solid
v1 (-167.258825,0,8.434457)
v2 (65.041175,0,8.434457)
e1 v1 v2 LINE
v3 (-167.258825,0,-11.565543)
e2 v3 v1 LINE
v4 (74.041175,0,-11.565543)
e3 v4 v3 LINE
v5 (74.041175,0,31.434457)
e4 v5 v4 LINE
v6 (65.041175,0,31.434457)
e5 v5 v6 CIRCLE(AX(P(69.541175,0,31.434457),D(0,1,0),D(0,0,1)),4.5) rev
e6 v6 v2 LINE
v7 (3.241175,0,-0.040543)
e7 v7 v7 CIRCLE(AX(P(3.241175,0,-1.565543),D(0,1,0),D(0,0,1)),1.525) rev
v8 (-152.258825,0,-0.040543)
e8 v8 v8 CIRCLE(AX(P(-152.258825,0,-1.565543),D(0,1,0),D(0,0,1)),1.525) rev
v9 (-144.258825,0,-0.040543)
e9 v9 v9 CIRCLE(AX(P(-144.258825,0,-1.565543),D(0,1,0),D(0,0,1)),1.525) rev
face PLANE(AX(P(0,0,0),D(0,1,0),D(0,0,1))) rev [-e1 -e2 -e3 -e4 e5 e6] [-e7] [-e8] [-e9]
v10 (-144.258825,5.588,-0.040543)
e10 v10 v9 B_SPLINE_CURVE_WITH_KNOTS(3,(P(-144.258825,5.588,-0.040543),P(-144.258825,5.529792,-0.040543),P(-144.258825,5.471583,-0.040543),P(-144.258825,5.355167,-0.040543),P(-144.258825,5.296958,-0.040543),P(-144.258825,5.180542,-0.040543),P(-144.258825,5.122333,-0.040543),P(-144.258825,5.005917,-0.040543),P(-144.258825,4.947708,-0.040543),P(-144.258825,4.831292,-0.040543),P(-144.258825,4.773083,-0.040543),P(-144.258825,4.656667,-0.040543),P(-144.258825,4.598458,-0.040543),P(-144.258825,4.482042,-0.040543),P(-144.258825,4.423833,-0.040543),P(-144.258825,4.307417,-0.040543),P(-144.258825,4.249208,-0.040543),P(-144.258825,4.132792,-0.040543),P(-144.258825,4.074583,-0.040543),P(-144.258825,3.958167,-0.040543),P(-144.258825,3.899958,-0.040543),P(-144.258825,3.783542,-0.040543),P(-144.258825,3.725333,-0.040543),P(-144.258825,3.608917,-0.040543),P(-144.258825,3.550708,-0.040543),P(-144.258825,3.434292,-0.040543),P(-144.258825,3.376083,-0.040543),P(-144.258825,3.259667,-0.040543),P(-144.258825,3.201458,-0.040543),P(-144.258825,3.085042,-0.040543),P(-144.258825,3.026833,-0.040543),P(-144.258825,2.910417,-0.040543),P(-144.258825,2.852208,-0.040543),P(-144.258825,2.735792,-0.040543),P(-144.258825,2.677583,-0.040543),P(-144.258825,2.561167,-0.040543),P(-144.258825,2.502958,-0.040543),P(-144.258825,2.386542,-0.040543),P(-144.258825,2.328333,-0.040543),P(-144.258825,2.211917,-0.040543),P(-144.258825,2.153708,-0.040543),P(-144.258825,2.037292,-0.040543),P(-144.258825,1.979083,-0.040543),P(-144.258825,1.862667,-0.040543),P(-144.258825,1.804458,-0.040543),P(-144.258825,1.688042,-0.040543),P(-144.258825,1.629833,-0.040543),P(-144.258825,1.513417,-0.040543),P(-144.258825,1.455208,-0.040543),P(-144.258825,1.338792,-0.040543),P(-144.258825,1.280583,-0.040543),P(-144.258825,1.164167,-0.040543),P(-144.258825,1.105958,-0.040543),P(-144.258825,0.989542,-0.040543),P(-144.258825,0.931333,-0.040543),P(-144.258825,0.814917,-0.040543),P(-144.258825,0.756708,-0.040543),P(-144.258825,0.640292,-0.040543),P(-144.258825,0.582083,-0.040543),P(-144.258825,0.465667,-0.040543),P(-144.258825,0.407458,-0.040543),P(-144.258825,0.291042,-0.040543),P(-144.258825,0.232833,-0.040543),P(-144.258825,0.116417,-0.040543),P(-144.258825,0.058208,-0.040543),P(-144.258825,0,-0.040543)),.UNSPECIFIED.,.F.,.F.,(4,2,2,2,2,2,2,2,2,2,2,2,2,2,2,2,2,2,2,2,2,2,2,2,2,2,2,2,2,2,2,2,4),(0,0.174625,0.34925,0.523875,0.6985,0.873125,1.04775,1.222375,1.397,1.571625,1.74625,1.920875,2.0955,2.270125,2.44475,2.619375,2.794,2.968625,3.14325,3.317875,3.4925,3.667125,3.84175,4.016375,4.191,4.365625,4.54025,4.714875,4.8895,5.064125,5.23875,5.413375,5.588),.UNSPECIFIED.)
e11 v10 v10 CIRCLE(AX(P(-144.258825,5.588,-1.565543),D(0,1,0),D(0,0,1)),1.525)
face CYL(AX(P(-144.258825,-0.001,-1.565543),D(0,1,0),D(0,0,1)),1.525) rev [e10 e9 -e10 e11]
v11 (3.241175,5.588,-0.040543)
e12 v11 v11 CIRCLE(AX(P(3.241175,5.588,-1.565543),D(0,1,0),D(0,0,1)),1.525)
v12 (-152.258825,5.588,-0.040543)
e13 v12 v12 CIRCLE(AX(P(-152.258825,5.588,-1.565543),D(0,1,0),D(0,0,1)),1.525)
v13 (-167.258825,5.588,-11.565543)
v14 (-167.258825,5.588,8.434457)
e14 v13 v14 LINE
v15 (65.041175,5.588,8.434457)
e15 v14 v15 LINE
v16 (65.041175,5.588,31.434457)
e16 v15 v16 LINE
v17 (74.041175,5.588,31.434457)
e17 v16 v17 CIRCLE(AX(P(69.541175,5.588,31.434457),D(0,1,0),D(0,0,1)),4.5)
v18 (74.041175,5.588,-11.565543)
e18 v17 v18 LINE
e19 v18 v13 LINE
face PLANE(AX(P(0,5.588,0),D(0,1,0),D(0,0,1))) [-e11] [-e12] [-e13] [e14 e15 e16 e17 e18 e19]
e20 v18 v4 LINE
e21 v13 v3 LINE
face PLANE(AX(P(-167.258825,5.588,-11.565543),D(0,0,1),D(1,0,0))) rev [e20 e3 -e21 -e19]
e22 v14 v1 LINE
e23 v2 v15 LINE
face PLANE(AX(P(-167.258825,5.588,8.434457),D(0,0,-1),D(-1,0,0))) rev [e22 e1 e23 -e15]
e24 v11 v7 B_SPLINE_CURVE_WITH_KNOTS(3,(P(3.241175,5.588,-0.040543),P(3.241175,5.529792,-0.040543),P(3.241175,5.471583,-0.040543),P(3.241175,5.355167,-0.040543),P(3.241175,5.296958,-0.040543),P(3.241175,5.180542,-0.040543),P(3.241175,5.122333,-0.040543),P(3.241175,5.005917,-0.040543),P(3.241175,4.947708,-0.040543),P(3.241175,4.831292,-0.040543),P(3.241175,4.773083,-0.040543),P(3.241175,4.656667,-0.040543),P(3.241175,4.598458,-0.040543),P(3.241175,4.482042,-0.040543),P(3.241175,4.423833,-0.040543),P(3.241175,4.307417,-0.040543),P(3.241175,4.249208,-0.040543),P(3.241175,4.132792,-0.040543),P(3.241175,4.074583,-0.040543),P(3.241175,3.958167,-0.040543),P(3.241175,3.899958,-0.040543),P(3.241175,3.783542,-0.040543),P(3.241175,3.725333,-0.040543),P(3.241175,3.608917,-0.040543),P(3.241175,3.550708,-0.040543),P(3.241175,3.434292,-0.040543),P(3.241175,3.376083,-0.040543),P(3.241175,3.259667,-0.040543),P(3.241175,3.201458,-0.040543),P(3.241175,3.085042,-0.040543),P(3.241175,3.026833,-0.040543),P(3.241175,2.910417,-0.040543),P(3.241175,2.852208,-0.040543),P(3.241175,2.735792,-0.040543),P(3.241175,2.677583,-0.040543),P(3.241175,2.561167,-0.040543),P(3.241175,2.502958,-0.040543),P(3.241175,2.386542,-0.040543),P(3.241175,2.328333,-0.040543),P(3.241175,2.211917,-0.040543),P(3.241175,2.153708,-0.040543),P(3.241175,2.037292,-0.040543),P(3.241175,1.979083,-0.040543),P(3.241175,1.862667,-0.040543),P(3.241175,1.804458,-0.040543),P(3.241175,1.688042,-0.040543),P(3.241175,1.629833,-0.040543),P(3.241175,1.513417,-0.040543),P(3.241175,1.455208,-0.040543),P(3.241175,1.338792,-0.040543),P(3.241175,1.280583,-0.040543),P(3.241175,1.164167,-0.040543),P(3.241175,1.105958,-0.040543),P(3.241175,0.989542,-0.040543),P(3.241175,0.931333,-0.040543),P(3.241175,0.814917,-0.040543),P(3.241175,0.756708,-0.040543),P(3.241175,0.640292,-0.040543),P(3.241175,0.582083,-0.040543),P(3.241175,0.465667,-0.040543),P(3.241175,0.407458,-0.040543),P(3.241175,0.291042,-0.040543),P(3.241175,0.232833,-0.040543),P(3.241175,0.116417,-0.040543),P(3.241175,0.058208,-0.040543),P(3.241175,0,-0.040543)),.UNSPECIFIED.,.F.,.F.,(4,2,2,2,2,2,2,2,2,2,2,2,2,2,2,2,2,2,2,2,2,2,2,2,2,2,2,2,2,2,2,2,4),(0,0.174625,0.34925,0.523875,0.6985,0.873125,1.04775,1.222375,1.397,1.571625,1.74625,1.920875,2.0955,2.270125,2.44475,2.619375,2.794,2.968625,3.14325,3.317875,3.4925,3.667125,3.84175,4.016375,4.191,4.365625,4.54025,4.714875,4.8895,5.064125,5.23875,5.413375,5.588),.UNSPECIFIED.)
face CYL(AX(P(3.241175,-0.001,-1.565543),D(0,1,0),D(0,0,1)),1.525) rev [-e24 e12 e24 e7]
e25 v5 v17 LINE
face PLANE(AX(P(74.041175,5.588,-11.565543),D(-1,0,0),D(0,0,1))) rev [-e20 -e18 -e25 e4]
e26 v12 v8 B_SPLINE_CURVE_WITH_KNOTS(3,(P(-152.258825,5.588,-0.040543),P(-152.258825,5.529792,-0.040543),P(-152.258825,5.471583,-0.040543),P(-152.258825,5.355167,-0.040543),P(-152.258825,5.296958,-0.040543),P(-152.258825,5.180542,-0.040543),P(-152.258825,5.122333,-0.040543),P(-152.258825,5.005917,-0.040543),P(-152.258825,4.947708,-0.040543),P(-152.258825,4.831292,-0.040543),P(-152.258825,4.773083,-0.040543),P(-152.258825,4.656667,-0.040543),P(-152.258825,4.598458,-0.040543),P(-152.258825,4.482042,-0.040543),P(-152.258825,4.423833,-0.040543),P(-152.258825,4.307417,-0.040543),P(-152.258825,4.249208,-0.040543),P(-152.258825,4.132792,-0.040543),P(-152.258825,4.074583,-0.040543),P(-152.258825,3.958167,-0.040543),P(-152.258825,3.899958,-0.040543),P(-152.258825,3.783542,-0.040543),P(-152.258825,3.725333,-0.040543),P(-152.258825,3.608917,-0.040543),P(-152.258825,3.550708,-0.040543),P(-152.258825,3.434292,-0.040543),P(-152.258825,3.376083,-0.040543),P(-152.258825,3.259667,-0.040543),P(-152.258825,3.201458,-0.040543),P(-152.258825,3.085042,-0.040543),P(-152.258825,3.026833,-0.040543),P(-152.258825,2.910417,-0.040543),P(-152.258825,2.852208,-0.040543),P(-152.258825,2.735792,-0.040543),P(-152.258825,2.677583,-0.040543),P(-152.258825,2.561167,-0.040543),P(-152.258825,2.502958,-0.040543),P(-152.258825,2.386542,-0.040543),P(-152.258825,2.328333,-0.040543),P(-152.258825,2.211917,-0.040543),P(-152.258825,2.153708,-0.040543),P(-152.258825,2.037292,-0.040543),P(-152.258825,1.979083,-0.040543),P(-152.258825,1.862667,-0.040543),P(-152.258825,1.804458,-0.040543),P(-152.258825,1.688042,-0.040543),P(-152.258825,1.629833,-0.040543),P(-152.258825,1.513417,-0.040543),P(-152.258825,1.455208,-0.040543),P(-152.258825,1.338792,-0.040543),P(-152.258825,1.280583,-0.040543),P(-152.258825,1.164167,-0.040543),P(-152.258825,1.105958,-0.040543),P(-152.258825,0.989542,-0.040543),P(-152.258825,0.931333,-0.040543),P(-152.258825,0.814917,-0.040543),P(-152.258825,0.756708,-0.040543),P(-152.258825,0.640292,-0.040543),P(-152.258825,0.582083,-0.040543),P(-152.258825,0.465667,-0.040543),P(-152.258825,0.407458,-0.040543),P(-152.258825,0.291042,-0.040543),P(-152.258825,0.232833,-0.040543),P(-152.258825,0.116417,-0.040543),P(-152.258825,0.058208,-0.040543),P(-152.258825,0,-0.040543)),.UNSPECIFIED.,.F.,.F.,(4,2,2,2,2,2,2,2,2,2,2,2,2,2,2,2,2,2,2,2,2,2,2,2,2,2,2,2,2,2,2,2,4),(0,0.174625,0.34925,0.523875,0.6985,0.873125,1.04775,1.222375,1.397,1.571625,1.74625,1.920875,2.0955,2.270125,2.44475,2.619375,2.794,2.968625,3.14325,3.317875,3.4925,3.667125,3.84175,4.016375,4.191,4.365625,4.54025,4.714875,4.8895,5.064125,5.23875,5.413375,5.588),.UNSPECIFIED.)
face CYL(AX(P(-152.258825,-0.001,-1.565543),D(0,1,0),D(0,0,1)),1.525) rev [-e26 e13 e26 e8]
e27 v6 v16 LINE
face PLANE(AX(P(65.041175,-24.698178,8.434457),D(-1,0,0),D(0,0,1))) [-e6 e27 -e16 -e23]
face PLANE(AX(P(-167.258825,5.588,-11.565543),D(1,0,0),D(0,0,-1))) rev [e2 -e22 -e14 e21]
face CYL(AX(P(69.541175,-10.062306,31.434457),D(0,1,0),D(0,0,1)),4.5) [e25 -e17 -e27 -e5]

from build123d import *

# Parameters (mm, degrees)
SKETCH1_W           = 241.3
SKETCH1_H           = 20
BOSS_EXTRUDE1_DEPTH = 5.588
CUT_EXTRUDE1_REACH  = 169.751
SKETCH2_R           = 1.525
SKETCH3_W           = 9
SKETCH3_H           = 23
BOSS_EXTRUDE2_DEPTH = 5.588
BOSS_EXTRUDE3_DEPTH = 5.588


with BuildPart() as part:
    # Sketch1 → Boss-Extrude1 (new body)
    with BuildSketch(Plane(origin=(0, 0, 0), x_dir=(1, 0, 0), z_dir=(0, 1, 0))):
        with Locations((-46.608825085, 1.565543133)):
            Rectangle(SKETCH1_W, SKETCH1_H)
    extrude(amount=BOSS_EXTRUDE1_DEPTH)

    # Sketch2 → Cut-Extrude1 (cut, up to next)
    with BuildSketch(Plane(origin=(0, 5.588, 0), x_dir=(1, 0, 0), z_dir=(0, 1, 0)), mode=Mode.PRIVATE) as cut_extrude1_sk1:
        with Locations(Location((3.241174915, 1.565543133, 0), (0, 0, 270))):
            Circle(SKETCH2_R)
    cut_extrude1_tool1 = extrude(cut_extrude1_sk1.sketch, amount=-CUT_EXTRUDE1_REACH, mode=Mode.PRIVATE) & part.part
    # Sketch2 → Cut-Extrude1 (cut, up to next)
    with BuildSketch(Plane(origin=(0, 5.588, 0), x_dir=(1, 0, 0), z_dir=(0, 1, 0)), mode=Mode.PRIVATE) as cut_extrude1_sk2:
        with Locations(Location((-152.258825085, 1.565543133, 0), (0, 0, 270))):
            Circle(SKETCH2_R)
    cut_extrude1_tool2 = extrude(cut_extrude1_sk2.sketch, amount=-CUT_EXTRUDE1_REACH, mode=Mode.PRIVATE) & part.part
    # Sketch2 → Cut-Extrude1 (cut, up to next)
    with BuildSketch(Plane(origin=(0, 5.588, 0), x_dir=(1, 0, 0), z_dir=(0, 1, 0)), mode=Mode.PRIVATE) as cut_extrude1_sk3:
        with Locations(Location((-144.258825085, 1.565543133, 0), (0, 0, 270))):
            Circle(SKETCH2_R)
    cut_extrude1_tool3 = extrude(cut_extrude1_sk3.sketch, amount=-CUT_EXTRUDE1_REACH, mode=Mode.PRIVATE) & part.part
    add(cut_extrude1_tool1.solids().sort_by_distance((3.241175, 5.588, -1.565543))[0], mode=Mode.SUBTRACT)
    add(cut_extrude1_tool2.solids().sort_by_distance((-152.258825, 5.588, -1.565543))[0], mode=Mode.SUBTRACT)
    add(cut_extrude1_tool3.solids().sort_by_distance((-144.258825, 5.588, -1.565543))[0], mode=Mode.SUBTRACT)

    # Sketch3 → Boss-Extrude2 (add)
    with BuildSketch(Plane(origin=(0, 5.588, 0), x_dir=(1, 0, 0), z_dir=(0, 1, 0))):
        with Locations((69.541174915, -19.934456867)):
            Rectangle(SKETCH3_W, SKETCH3_H)
    extrude(amount=-BOSS_EXTRUDE2_DEPTH)

    # Sketch4 → Boss-Extrude3 (add)
    with BuildSketch(Plane(origin=(0, 5.588, 0), x_dir=(1, 0, 0), z_dir=(0, 1, 0))):
        with BuildLine():
            Line((65.041174915, -31.434456867), (74.041174915, -31.434456867))
            ThreePointArc((74.041174915, -31.434456867), (69.541174915, -35.934456867), (65.041174915, -31.434456867))
        make_face()
    extrude(amount=-BOSS_EXTRUDE3_DEPTH)


solid = part.part
